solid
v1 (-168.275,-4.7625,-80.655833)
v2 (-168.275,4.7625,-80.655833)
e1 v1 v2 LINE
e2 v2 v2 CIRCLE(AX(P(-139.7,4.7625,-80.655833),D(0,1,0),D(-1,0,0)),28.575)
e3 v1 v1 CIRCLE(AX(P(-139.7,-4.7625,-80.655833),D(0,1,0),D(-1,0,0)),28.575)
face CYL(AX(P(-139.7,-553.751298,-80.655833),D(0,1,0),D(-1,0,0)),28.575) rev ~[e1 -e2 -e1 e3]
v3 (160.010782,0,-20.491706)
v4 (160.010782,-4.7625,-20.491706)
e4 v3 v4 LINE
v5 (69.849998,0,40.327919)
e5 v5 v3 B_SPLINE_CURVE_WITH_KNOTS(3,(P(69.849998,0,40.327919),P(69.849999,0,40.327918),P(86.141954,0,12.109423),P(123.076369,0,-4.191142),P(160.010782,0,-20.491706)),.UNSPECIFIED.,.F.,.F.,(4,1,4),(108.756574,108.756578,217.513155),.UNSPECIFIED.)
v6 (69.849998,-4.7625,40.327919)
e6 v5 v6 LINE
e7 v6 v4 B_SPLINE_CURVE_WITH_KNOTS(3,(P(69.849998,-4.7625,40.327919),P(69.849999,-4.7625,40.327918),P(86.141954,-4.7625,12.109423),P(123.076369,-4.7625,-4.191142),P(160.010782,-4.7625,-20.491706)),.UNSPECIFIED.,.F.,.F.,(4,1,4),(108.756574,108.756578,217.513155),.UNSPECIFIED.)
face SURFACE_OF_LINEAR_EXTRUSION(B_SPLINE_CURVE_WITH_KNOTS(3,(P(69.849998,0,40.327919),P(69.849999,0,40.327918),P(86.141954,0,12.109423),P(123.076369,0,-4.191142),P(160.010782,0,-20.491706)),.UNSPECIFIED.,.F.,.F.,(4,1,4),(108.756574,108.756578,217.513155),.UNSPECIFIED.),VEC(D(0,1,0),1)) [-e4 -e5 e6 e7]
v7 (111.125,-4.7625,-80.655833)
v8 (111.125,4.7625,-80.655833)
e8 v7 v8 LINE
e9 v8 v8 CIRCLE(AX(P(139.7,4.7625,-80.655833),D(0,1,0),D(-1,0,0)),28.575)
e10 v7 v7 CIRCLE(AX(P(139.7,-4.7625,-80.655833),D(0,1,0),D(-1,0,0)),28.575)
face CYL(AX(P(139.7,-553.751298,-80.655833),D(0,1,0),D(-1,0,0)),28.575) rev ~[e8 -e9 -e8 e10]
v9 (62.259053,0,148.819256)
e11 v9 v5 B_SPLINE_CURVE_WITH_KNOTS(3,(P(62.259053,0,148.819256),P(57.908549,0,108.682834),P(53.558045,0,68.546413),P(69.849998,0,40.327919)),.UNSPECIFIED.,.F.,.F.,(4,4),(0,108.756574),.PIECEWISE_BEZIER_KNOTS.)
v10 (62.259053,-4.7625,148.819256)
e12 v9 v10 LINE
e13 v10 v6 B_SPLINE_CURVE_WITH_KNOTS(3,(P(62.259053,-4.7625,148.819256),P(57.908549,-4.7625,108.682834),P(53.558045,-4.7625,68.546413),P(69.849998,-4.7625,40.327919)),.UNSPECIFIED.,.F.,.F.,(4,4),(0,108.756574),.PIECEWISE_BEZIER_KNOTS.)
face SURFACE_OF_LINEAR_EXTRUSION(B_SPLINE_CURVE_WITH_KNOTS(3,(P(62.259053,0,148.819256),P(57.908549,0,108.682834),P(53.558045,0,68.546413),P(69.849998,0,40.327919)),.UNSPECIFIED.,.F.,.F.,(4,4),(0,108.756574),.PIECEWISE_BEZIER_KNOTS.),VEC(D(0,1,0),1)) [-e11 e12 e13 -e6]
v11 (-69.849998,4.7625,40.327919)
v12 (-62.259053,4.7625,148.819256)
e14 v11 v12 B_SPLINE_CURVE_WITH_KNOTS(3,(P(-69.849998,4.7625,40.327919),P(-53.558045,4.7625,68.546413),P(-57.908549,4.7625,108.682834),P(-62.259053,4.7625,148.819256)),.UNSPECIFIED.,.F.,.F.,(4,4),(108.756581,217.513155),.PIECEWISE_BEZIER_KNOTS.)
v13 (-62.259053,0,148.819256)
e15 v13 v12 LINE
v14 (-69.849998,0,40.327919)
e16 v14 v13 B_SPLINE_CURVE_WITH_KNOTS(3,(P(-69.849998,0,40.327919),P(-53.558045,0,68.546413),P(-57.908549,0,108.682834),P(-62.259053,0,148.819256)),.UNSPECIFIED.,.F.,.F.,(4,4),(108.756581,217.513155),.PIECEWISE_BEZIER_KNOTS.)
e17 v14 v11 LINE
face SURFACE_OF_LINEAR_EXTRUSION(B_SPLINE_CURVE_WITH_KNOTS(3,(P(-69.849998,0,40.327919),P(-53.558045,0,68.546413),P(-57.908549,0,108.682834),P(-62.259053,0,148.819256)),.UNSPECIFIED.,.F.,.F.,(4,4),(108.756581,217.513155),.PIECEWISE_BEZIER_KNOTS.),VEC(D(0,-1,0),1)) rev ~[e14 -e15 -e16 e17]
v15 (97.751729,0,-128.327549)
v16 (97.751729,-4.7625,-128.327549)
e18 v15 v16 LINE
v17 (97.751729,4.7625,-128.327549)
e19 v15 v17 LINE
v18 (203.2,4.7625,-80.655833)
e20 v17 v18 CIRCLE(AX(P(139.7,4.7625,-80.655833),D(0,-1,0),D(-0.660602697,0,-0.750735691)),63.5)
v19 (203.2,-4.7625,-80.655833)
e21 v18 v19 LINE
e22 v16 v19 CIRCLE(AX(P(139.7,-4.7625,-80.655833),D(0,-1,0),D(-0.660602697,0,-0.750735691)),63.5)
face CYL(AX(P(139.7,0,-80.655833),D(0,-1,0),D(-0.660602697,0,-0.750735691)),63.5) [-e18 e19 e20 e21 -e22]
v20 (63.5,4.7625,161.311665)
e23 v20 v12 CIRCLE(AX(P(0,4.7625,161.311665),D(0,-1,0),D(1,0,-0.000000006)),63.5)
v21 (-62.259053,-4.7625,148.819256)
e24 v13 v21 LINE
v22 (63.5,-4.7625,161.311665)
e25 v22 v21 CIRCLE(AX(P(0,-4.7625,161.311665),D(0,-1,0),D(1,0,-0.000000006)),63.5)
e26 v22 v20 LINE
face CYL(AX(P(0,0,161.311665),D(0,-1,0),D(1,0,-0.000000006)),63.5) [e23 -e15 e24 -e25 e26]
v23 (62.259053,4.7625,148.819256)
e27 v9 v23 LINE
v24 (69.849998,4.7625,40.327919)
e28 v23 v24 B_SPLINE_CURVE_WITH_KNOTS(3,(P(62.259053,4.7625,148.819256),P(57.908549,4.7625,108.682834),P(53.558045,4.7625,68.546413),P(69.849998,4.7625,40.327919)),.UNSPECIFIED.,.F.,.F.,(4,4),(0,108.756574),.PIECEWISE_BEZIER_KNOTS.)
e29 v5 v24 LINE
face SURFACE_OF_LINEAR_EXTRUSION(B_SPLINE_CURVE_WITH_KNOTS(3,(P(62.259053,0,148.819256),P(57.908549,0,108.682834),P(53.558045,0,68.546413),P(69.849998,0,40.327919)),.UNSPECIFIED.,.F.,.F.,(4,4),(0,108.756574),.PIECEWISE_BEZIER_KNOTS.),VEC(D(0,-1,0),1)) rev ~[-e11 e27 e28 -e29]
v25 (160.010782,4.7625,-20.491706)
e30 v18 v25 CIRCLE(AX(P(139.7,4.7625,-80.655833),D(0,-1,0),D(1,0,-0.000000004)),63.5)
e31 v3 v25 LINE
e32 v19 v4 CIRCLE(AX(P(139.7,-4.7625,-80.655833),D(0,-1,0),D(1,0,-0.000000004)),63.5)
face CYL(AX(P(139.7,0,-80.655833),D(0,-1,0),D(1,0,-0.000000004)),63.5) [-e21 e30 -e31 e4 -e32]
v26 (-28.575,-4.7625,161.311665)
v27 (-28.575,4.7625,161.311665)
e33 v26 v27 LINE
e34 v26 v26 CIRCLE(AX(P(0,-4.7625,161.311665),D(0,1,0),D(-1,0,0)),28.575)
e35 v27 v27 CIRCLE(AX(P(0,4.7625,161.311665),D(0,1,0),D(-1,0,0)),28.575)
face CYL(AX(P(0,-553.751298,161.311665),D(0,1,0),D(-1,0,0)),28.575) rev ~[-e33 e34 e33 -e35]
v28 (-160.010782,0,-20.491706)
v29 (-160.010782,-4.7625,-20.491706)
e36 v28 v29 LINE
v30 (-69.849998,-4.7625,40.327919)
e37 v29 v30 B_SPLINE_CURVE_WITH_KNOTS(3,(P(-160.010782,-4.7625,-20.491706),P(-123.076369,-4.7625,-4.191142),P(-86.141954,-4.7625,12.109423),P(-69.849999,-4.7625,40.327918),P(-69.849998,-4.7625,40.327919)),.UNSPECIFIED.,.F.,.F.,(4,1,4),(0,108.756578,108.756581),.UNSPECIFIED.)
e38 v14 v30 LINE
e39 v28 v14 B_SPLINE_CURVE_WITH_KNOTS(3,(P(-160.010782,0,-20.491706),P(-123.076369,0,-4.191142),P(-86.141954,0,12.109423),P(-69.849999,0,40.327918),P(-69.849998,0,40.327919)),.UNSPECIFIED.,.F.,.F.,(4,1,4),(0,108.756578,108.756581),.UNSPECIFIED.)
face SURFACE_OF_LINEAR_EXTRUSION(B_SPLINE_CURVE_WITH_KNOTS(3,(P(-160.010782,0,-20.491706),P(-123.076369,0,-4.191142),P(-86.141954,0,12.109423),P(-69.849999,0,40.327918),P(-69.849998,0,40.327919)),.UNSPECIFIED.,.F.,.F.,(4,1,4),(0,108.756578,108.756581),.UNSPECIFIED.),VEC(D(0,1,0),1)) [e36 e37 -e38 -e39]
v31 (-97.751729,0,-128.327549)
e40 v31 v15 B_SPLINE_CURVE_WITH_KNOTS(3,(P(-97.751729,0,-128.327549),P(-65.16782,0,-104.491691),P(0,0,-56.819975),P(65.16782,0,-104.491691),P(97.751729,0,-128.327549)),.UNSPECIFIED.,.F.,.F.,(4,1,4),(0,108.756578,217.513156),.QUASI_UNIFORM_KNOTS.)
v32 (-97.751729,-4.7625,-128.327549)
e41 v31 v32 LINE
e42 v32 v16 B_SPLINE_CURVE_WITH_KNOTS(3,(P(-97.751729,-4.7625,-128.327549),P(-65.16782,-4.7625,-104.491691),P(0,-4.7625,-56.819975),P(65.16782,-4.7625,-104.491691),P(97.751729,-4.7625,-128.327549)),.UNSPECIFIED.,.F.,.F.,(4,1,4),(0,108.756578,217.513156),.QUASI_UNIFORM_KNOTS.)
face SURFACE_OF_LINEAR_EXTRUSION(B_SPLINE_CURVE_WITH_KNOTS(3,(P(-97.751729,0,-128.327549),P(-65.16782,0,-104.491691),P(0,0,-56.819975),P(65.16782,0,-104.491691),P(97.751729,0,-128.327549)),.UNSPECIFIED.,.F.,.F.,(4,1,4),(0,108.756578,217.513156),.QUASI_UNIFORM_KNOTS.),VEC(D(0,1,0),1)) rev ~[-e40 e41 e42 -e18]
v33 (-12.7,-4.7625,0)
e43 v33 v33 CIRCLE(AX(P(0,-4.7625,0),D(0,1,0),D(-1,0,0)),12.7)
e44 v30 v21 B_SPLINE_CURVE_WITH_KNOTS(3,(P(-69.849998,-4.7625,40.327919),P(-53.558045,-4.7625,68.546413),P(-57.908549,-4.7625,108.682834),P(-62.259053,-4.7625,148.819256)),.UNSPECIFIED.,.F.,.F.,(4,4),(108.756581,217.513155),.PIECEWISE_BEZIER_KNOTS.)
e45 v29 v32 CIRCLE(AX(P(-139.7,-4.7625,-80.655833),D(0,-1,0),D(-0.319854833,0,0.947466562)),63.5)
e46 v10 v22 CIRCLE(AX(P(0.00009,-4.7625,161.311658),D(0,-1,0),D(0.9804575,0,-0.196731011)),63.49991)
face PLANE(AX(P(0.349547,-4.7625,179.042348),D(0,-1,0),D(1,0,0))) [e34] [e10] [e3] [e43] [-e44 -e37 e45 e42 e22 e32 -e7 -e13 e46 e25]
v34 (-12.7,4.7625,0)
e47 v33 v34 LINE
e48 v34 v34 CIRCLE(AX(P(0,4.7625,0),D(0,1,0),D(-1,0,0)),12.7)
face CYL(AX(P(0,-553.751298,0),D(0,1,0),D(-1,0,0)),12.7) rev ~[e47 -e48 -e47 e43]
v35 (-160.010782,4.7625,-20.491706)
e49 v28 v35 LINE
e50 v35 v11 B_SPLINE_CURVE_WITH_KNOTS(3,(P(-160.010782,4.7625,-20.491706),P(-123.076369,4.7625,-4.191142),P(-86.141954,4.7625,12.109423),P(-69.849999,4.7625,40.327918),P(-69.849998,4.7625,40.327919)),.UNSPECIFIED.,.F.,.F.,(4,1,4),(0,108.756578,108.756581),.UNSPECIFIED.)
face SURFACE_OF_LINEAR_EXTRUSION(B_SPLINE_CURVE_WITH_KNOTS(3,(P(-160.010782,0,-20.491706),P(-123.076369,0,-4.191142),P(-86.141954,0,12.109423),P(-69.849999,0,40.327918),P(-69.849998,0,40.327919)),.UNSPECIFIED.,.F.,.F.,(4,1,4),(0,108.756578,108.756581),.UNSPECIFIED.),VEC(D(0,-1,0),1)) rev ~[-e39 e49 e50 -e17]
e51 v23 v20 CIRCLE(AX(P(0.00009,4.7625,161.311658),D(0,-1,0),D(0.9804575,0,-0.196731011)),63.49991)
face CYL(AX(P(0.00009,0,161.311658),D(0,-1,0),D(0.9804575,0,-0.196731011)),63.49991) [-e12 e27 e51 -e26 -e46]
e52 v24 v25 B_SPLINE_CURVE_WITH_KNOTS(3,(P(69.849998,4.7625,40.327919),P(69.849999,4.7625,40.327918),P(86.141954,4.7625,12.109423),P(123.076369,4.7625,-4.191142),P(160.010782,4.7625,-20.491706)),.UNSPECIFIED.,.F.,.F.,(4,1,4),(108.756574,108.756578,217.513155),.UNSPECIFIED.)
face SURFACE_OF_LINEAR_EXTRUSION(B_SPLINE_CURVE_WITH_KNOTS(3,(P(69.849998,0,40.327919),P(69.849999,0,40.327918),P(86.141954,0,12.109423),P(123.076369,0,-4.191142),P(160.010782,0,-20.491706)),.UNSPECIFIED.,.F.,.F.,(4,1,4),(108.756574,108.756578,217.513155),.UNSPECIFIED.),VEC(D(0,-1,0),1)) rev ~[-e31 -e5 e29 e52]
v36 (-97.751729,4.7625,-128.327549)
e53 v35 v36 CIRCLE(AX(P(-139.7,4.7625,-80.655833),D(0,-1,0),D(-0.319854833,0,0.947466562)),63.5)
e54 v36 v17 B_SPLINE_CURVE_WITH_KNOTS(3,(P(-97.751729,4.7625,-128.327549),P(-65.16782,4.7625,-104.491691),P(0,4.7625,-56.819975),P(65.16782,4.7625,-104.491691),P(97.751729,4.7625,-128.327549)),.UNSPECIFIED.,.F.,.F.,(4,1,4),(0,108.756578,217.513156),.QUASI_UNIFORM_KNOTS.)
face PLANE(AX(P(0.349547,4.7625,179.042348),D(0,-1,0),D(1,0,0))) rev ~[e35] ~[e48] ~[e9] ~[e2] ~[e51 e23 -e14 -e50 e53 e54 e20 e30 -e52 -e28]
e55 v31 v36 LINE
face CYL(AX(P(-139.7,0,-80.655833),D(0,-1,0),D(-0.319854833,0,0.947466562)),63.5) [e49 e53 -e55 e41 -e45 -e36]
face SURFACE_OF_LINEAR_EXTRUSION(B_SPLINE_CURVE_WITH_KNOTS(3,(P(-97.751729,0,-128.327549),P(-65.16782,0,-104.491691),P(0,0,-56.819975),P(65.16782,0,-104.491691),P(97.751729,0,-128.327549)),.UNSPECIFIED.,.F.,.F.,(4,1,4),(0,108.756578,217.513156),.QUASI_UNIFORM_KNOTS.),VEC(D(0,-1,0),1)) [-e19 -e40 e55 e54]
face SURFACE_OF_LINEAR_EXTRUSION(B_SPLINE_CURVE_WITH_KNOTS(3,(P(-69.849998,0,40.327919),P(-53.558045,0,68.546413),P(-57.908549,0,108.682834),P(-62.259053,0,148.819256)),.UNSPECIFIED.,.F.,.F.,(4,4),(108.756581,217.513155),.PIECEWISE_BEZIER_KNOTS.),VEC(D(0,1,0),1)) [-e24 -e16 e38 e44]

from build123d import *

# Parameters (mm, degrees)
F1_DEPTH = 4.7625
F3_D     = 57.15
F4_D     = 25.4


with BuildPart() as f1:
    # F0 (on Front) → F1 (new body, symmetric)
    with BuildSketch(Plane.XZ):
        with BuildLine():
            ThreePointArc((63.5, 161.311665), (-6.276947, 224.500667), (-62.259053, 148.819256))
            ThreePointArc((-62.259053, 148.819256), (0, 161.317577), (62.259053, 148.819256))
            ThreePointArc((62.259053, 148.819256), (63.189002, 155.034718), (63.5, 161.311665))
        make_face()
        with BuildLine():
            ThreePointArc((-62.259053, 148.819256), (-51.584807, 124.281169), (-31.75, 106.319052))
            Line((-31.75, 106.319052), (0, 161.311665))
            Line((0, 161.311665), (31.75, 106.319052))
            ThreePointArc((31.75, 106.319052), (51.584807, 124.281169), (62.259053, 148.819256))
            ThreePointArc((62.259053, 148.819256), (0, 161.317577), (-62.259053, 148.819256))
        make_face()
        with BuildLine():
            ThreePointArc((-107.95, -25.663219), (-84.707387, -48.905833), (-76.2, -80.655833))
            Line((-76.2, -80.655833), (0, -80.655833))
            Line((0, -80.655833), (76.2, -80.655833))
            ThreePointArc((76.2, -80.655833), (84.707387, -48.905833), (107.95, -25.663219))
            Line((107.95, -25.663219), (69.849998, 40.327919))
            Line((69.849998, 40.327919), (31.75, 106.319052))
            ThreePointArc((31.75, 106.319052), (0, 97.811665), (-31.75, 106.319052))
            Line((-31.75, 106.319052), (-69.849998, 40.327919))
            Line((-69.849998, 40.327919), (-107.95, -25.663219))
        make_face()
        with BuildLine():
            Line((69.849998, 40.327919), (107.95, -25.663219))
            ThreePointArc((107.95, -25.663219), (133.423053, -17.466831), (160.010782, -20.491706))
            add(Edge.make_bspline(
                [(69.849998, 40.327919), (69.849999, 40.327918), (86.141954, 12.109423), (123.076369, -4.191142), (160.010782, -20.491706)],
                knots=[108.756574, 108.756574, 108.756574, 108.756574, 108.756578, 217.513155, 217.513155, 217.513155, 217.513155], degree=3))
        make_face()
        with BuildLine():
            ThreePointArc((-160.010782, -20.491706), (-133.423053, -17.466831), (-107.95, -25.663219))
            Line((-107.95, -25.663219), (-69.849998, 40.327919))
            add(Edge.make_bspline(
                [(-160.010782, -20.491706), (-123.076369, -4.191142), (-86.141954, 12.109423), (-69.849999, 40.327918), (-69.849998, 40.327919)],
                knots=[0, 0, 0, 0, 108.756578, 108.756581, 108.756581, 108.756581, 108.756581], degree=3))
        make_face()
        with BuildLine():
            Line((0, 161.311665), (-31.75, 106.319052))
            ThreePointArc((-31.75, 106.319052), (0, 97.811665), (31.75, 106.319052))
            Line((31.75, 106.319052), (0, 161.311665))
        make_face()
        with BuildLine():
            ThreePointArc((160.010782, -20.491706), (139.705119, -80.658788), (97.751729, -128.327549))
            ThreePointArc((97.751729, -128.327549), (165.858505, -138.517587), (203.2, -80.655833))
            ThreePointArc((203.2, -80.655833), (191.284807, -43.625336), (160.010782, -20.491706))
        make_face()
        with BuildLine():
            ThreePointArc((107.95, -25.663219), (84.707387, -48.905833), (76.2, -80.655833))
            Line((76.2, -80.655833), (139.7, -80.655833))
            Line((139.7, -80.655833), (107.95, -25.663219))
        make_face()
        with BuildLine():
            Line((139.7, -80.655833), (76.2, -80.655833))
            ThreePointArc((76.2, -80.655833), (81.838246, -106.814338), (97.751729, -128.327549))
            ThreePointArc((97.751729, -128.327549), (139.705119, -80.658788), (160.010782, -20.491706))
            ThreePointArc((160.010782, -20.491706), (133.423053, -17.466831), (107.95, -25.663219))
            Line((107.95, -25.663219), (139.7, -80.655833))
        make_face()
        with BuildLine():
            Line((31.75, 106.319052), (69.849998, 40.327919))
            add(Edge.make_bspline(
                [(62.259053, 148.819256), (57.908549, 108.682834), (53.558045, 68.546413), (69.849998, 40.327919)],
                knots=[0, 0, 0, 0, 108.756574, 108.756574, 108.756574, 108.756574], degree=3))
            ThreePointArc((62.259053, 148.819256), (51.584807, 124.281169), (31.75, 106.319052))
        make_face()
        with BuildLine():
            Line((0, -80.655833), (-76.2, -80.655833))
            ThreePointArc((-76.2, -80.655833), (-81.838246, -106.814338), (-97.751729, -128.327549))
            add(Edge.make_bspline(
                [(-97.751729, -128.327549), (-65.16782, -104.491691), (-32.58391, -80.655833), (0, -80.655833)],
                knots=[0, 0, 0, 0, 108.756578, 108.756578, 108.756578, 108.756578], degree=3))
        make_face()
        with BuildLine():
            Line((76.2, -80.655833), (0, -80.655833))
            add(Edge.make_bspline(
                [(0, -80.655833), (32.58391, -80.655833), (65.16782, -104.491691), (97.751729, -128.327549)],
                knots=[108.756578, 108.756578, 108.756578, 108.756578, 217.513155, 217.513155, 217.513155, 217.513155], degree=3))
            ThreePointArc((97.751729, -128.327549), (81.838246, -106.814338), (76.2, -80.655833))
        make_face()
        with BuildLine():
            ThreePointArc((-97.751729, -128.327549), (-81.838246, -106.814338), (-76.2, -80.655833))
            Line((-76.2, -80.655833), (-139.7, -80.655833))
            Line((-139.7, -80.655833), (-107.95, -25.663219))
            ThreePointArc((-107.95, -25.663219), (-133.423053, -17.466831), (-160.010782, -20.491706))
            ThreePointArc((-160.010782, -20.491706), (-139.705119, -80.658788), (-97.751729, -128.327549))
        make_face()
        with BuildLine():
            Line((-139.7, -80.655833), (-76.2, -80.655833))
            ThreePointArc((-76.2, -80.655833), (-84.707387, -48.905833), (-107.95, -25.663219))
            Line((-107.95, -25.663219), (-139.7, -80.655833))
        make_face()
        with BuildLine():
            ThreePointArc((-160.010782, -20.491706), (-194.692613, -112.405833), (-97.751729, -128.327549))
            ThreePointArc((-97.751729, -128.327549), (-139.705119, -80.658788), (-160.010782, -20.491706))
        make_face()
        with BuildLine():
            add(Edge.make_bspline(
                [(-69.849998, 40.327919), (-53.558045, 68.546413), (-57.908549, 108.682834), (-62.259053, 148.819256)],
                knots=[108.756581, 108.756581, 108.756581, 108.756581, 217.513155, 217.513155, 217.513155, 217.513155], degree=3))
            Line((-69.849998, 40.327919), (-31.75, 106.319052))
            ThreePointArc((-31.75, 106.319052), (-51.584807, 124.281169), (-62.259053, 148.819256))
        make_face()
    extrude(amount=F1_DEPTH, both=True)

    # F3 (through all)
    with Locations(Plane.XZ.offset(4.7625)):
        with Locations((-139.7, -80.655833), (139.7, -80.655833), (0, 161.311665)):
            Hole(F3_D / 2)

    # F4 (through all)
    with Locations(Plane.XZ.offset(4.7625)):
        with Locations((0, 0)):
            Hole(F4_D / 2)


solid = f1.part
